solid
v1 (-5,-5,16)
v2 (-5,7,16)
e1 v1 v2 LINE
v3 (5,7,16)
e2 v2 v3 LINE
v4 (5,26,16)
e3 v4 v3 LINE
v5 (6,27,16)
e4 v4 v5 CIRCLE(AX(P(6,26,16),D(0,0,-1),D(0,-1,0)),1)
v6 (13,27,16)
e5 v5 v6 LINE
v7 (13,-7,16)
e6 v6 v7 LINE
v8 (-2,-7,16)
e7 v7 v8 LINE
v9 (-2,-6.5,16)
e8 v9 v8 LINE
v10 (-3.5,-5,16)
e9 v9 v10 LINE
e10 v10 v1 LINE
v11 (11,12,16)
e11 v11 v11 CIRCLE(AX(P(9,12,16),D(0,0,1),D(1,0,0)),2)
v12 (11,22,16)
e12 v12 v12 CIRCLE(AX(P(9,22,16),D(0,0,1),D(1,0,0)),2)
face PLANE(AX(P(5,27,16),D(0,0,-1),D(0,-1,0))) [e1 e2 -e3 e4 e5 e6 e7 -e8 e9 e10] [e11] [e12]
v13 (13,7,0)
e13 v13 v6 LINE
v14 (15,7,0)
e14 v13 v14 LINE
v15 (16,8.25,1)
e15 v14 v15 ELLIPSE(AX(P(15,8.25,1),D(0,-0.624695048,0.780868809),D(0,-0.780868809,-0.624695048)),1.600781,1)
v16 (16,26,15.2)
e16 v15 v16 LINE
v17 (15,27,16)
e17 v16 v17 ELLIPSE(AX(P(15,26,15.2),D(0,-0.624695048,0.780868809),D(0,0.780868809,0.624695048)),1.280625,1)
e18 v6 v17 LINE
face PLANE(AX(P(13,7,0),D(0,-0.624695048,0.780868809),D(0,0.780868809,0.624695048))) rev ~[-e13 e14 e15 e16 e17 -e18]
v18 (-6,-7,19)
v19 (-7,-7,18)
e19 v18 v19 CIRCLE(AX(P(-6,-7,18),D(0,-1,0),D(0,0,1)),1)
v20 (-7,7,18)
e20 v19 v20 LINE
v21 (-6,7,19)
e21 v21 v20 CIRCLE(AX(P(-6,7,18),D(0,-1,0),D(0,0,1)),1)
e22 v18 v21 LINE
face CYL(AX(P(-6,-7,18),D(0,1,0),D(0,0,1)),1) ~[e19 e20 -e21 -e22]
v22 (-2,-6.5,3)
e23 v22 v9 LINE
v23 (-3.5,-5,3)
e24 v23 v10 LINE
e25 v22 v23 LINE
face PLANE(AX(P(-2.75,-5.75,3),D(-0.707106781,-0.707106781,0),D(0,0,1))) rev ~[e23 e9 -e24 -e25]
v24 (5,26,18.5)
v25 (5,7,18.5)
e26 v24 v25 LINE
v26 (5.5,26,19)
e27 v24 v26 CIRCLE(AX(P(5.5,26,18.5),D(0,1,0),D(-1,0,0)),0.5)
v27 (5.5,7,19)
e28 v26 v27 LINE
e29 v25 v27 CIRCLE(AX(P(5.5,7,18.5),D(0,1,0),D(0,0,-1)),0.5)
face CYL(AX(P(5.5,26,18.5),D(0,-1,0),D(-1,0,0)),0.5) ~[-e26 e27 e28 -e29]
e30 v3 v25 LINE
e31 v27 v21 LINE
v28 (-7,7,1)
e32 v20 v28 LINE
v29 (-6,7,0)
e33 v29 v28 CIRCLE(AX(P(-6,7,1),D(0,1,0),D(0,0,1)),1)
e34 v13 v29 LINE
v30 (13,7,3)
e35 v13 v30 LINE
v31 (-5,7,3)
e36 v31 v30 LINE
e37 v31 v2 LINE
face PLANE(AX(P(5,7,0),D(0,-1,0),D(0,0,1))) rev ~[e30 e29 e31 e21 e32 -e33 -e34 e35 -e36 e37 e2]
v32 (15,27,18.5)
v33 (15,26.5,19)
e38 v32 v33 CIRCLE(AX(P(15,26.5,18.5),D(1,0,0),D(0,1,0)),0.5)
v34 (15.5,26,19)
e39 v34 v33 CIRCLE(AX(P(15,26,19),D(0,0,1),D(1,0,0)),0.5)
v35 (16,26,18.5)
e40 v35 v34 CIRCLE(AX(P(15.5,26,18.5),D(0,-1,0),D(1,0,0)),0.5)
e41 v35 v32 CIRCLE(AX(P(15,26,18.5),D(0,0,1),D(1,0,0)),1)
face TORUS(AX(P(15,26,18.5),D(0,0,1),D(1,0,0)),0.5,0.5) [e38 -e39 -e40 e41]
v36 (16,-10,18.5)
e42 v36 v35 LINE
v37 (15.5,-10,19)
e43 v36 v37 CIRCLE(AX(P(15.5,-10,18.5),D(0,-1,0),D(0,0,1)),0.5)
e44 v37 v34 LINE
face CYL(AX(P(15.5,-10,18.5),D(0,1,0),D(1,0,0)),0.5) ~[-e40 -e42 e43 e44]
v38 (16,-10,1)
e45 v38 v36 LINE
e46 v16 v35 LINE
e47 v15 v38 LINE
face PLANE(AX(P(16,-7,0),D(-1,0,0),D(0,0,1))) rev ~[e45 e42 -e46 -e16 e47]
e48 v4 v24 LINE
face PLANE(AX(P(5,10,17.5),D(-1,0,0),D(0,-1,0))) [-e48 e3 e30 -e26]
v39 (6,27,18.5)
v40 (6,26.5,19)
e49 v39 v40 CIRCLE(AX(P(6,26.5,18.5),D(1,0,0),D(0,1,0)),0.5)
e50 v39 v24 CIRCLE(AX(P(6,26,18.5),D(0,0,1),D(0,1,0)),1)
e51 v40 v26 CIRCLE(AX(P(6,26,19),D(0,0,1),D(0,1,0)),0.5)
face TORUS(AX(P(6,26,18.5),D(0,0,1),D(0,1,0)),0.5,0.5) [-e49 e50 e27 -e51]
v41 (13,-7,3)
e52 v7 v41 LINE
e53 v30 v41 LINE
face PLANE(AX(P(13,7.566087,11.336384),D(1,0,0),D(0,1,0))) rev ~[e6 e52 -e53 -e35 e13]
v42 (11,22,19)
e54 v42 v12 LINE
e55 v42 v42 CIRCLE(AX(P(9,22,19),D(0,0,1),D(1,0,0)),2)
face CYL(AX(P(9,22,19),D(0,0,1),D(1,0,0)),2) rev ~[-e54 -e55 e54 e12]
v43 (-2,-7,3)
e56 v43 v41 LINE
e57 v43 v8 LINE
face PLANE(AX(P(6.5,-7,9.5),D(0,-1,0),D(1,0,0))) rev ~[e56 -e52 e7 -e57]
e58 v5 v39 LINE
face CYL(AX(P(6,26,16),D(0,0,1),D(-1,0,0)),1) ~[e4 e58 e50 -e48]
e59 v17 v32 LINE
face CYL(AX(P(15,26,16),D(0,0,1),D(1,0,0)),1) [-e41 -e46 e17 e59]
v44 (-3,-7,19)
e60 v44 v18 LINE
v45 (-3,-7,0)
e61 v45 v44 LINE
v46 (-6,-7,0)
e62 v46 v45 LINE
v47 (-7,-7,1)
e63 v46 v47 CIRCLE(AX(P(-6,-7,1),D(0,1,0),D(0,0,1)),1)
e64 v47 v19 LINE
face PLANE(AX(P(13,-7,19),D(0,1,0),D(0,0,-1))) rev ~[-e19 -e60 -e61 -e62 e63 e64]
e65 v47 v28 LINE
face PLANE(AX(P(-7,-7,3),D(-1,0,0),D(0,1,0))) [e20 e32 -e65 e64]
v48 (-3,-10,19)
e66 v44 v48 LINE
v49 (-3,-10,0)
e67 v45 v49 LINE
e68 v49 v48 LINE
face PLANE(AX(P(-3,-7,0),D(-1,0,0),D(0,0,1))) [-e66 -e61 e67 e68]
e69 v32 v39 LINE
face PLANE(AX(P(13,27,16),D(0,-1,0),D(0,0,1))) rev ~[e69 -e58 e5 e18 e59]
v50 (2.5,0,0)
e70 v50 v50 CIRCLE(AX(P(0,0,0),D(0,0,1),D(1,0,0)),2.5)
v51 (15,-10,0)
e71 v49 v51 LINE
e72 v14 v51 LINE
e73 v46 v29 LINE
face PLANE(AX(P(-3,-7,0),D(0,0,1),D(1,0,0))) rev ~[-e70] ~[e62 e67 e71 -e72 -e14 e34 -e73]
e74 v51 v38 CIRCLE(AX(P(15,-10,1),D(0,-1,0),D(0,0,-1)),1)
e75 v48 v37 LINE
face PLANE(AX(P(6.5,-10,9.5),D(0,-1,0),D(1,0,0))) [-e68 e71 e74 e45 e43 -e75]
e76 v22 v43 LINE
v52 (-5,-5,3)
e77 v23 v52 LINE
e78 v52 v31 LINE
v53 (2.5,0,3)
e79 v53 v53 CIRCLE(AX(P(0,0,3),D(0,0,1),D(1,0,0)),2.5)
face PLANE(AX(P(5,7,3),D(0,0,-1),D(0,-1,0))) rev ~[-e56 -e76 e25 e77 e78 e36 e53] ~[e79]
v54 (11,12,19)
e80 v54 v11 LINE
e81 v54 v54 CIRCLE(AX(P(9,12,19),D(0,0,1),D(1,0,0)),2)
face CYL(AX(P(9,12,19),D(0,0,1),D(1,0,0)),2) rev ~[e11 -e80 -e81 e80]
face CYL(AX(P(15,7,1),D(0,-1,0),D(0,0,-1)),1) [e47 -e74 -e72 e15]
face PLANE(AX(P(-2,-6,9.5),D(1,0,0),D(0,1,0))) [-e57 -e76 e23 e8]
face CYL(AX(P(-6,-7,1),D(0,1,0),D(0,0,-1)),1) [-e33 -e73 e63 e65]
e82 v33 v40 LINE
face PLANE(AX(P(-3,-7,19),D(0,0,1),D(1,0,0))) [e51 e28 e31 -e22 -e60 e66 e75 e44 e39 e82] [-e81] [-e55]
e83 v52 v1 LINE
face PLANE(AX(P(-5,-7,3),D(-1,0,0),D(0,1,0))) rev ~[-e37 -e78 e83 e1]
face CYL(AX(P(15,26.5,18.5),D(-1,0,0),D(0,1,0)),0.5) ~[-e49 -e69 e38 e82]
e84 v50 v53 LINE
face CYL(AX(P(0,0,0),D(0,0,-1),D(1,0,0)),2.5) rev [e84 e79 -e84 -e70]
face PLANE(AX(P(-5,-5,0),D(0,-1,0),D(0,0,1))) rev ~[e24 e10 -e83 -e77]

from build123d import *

# Parameters (mm, degrees)
SKETCH_W     = 12
SKETCH_H     = 14
SKETCH_R     = 2.5
PAD_DEPTH    = 3
SKETCH001_W  = 2
SKETCH001_H  = 14
PAD001_DEPTH = 16
SKETCH002_W  = 14
SKETCH002_H  = 3
PAD008_DEPTH = 10
SKETCH004_W  = 14
SKETCH004_H  = 3
PAD004_DEPTH = 8
SKETCH003_W  = 34
SKETCH003_H  = 3
PAD009_DEPTH = 8
SKETCH006_R  = 2
POCKET_DEPTH = 19.001
PAD005_DEPTH = 3
SKETCH008_W  = 19
SKETCH008_H  = 19
PAD010_DEPTH = 3
SKETCH009_W  = 2
SKETCH009_H  = 19
PAD011_DEPTH = 3
CHAMFER_SIZE = 1.5
FILLET_R     = 1
FILLET001_R  = 1
FILLET002_R  = 1
FILLET003_R  = 0.5
FILLET004_R  = 1


with BuildPart() as part:
    # Sketch → Pad (new body)
    with BuildSketch(Plane.XY):
        with Locations((-1, 0)):
            Rectangle(SKETCH_W, SKETCH_H)
        Circle(SKETCH_R, mode=Mode.SUBTRACT)
    extrude(amount=PAD_DEPTH)

    # Sketch001 (on Face7 of Pad) → Pad001 (join)
    with BuildSketch(Plane.XY.offset(3)):
        with Locations((-6, 0)):
            Rectangle(SKETCH001_W, SKETCH001_H)
    extrude(amount=PAD001_DEPTH)

    # Sketch002 (on Face10 of Pad001) → Pad008 (join)
    with BuildSketch(Plane.YZ.offset(-5)):
        with Locations((0, 17.5)):
            Rectangle(SKETCH002_W, SKETCH002_H)
    extrude(amount=PAD008_DEPTH)

    # Sketch004 → Pad004 (join)
    with BuildSketch(Plane(origin=(5, 0, 0), x_dir=(0, -1, 0), z_dir=(-1, 0, 0))):
        with Locations((0, 1.5)):
            Rectangle(SKETCH004_W, SKETCH004_H)
    extrude(amount=-PAD004_DEPTH)

    # Sketch003 → Pad009 (join)
    with BuildSketch(Plane(origin=(5, 0, 0), x_dir=(0, -1, 0), z_dir=(-1, 0, 0))):
        with Locations((-10, 17.5)):
            Rectangle(SKETCH003_W, SKETCH003_H)
    extrude(amount=-PAD009_DEPTH)

    # Sketch006 → Pocket (cut, through all)
    with BuildSketch(Plane.XY.offset(19)):
        with Locations((9, 22)):
            Circle(SKETCH006_R)
        with Locations((9, 12)):
            Circle(SKETCH006_R)
    extrude(amount=-POCKET_DEPTH, mode=Mode.SUBTRACT)

    # Sketch007 (on Face26 of Pocket) → Pad005 (join)
    with BuildSketch(Plane.YZ.offset(13)):
        Polygon((27, 19), (-7, 19), (-7, 0), (7, 0), (27, 16), align=None)
    extrude(amount=PAD005_DEPTH)

    # Sketch008 (on Face19 of Pad005) → Pad010 (join)
    with BuildSketch(Plane.XZ.offset(7)):
        with Locations((6.5, 9.5)):
            Rectangle(SKETCH008_W, SKETCH008_H)
    extrude(amount=PAD010_DEPTH)

    # Sketch009 (on Face14 of Pad010) → Pad011 (join)
    with BuildSketch(Plane.YZ.offset(-5)):
        with Locations((-6, 9.5)):
            Rectangle(SKETCH009_W, SKETCH009_H)
    extrude(amount=PAD011_DEPTH)

    # Chamfer
    chamfer_edges = [part.edges().sort_by_distance(p)[0] for p in [
        (-2, -5, 9.5),
    ]]
    chamfer(chamfer_edges, length=CHAMFER_SIZE)

    # Fillet
    fillet_edges = [part.edges().sort_by_distance(p)[0] for p in [
        (16, 0, 0),
    ]]
    fillet(fillet_edges, radius=FILLET_R)

    # Fillet001
    fillet001_edges = [part.edges().sort_by_distance(p)[0] for p in [
        (-7, 0, 0),
    ]]
    fillet(fillet001_edges, radius=FILLET001_R)

    # Fillet002
    fillet002_edges = [part.edges().sort_by_distance(p)[0] for p in [
        (5, 27, 17.5),
        (16, 27, 17.5),
    ]]
    fillet(fillet002_edges, radius=FILLET002_R)

    # Fillet003
    fillet003_edges = [part.edges().sort_by_distance(p)[0] for p in [
        (16, 9.5, 19),
        (5, 16.5, 19),
    ]]
    fillet(fillet003_edges, radius=FILLET003_R)

    # Fillet004
    fillet004_edges = [part.edges().sort_by_distance(p)[0] for p in [
        (-7, 0, 19),
    ]]
    fillet(fillet004_edges, radius=FILLET004_R)


solid = part.part
